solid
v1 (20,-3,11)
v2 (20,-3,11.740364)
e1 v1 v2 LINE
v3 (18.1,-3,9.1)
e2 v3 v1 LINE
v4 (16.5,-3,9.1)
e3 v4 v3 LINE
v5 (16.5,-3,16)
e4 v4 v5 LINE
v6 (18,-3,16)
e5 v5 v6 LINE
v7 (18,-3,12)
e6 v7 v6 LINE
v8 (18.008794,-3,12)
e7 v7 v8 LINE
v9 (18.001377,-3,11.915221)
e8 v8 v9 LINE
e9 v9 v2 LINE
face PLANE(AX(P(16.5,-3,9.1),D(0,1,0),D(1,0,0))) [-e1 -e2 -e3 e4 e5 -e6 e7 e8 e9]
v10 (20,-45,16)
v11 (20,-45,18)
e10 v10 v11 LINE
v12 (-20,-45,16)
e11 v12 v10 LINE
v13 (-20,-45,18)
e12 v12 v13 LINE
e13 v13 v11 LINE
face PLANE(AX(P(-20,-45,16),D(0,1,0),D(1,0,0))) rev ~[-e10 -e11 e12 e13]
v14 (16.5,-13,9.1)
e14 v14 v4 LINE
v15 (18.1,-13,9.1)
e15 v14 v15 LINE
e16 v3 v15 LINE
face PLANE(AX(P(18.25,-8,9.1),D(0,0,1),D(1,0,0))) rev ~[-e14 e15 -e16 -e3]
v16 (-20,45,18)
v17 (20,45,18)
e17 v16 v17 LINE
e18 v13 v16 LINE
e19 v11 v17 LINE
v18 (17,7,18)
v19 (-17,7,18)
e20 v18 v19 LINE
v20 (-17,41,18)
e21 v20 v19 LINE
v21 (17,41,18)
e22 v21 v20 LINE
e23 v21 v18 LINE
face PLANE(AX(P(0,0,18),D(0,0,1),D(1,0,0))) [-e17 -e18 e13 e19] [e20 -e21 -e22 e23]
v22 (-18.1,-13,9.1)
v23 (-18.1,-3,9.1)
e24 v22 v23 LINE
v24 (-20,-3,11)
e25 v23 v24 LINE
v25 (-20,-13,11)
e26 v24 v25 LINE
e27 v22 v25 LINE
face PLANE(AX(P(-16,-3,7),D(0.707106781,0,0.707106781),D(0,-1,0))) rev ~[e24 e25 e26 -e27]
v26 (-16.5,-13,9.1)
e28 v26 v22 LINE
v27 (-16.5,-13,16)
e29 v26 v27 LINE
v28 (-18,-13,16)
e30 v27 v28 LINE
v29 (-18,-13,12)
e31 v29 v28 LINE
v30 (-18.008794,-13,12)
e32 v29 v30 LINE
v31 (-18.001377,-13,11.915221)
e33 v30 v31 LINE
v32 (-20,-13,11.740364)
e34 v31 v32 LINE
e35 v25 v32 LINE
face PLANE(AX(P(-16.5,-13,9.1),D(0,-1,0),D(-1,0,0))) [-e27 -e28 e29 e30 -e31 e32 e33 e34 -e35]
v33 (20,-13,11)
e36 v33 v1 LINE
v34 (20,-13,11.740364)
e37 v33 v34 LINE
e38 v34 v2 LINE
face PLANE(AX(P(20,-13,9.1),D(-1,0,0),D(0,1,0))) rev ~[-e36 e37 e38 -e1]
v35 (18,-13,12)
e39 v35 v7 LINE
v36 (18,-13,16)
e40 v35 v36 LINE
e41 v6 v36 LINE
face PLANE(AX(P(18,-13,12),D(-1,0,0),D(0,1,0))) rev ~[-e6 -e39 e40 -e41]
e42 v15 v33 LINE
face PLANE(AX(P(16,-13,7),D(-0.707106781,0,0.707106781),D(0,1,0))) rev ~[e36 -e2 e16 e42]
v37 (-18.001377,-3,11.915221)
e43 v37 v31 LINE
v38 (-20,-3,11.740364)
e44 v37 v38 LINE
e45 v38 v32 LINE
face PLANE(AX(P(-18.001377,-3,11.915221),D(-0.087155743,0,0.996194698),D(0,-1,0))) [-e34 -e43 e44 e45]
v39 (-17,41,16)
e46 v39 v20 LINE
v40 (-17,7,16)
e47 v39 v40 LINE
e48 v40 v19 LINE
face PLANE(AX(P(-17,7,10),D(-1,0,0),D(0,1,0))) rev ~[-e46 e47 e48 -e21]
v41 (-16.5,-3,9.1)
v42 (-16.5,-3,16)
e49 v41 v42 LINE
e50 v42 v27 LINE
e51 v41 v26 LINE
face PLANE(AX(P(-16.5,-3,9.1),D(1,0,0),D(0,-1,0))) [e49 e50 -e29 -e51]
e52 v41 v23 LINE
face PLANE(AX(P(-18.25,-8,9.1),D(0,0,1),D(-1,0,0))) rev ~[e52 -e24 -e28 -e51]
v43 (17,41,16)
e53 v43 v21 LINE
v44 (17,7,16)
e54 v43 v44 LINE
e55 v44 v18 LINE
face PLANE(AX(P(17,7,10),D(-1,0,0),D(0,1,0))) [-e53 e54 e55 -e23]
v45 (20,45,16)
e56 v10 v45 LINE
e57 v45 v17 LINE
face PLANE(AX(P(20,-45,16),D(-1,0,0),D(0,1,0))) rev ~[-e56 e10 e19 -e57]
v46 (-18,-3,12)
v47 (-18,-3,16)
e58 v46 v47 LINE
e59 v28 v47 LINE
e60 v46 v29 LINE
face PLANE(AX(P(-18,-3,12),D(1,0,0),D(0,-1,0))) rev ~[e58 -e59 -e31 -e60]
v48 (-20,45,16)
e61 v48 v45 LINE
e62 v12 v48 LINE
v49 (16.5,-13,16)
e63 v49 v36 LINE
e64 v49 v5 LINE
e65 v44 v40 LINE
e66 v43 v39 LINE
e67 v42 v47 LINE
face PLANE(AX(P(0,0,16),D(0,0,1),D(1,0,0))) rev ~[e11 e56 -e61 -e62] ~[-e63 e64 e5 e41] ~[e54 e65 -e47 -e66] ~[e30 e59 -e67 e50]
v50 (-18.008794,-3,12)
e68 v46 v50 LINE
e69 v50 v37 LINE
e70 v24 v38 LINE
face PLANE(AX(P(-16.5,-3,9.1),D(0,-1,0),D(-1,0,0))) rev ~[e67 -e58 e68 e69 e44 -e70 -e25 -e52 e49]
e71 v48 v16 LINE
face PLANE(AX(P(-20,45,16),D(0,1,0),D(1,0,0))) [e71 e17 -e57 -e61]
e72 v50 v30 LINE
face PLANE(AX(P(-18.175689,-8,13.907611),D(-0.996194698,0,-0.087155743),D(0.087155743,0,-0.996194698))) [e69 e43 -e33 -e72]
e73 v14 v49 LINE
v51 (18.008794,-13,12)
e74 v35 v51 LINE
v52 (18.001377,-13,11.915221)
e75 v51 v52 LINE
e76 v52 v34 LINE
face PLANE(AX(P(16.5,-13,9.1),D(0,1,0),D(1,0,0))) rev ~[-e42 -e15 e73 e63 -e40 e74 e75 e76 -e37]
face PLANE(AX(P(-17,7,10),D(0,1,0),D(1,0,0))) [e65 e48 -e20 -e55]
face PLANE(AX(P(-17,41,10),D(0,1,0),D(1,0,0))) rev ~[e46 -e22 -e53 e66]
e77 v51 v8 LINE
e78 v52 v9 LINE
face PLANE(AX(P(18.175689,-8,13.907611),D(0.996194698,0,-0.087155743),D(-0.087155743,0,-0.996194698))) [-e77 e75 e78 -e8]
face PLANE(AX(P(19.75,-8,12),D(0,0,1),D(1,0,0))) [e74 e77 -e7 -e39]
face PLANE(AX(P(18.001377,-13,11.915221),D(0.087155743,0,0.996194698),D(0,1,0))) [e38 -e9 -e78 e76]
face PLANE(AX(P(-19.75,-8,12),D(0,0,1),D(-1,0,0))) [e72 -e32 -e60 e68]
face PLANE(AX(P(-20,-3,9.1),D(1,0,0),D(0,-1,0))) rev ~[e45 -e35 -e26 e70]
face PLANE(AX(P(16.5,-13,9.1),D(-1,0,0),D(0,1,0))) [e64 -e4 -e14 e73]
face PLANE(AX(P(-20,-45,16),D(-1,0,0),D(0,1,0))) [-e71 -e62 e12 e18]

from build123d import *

# Parameters (mm, degrees)
BOX010_W               = 4
BOX010_H               = 10
BOX010_DEPTH           = 7
BOX010_PLACEMENT_ANGLE = 95
BOX009_W               = 4
BOX009_H               = 10
BOX009_DEPTH           = 7
BOX009_PLACEMENT_ANGLE = 45
BOX011_W               = 3.5
BOX011_H               = 10
BOX011_DEPTH           = 6.9
BOX008_W               = 3.5
BOX008_H               = 10
BOX008_DEPTH           = 6.9
CUT007_PLACEMENT_ANGLE = 180
BOX006_W               = 4
BOX006_H               = 10
BOX006_DEPTH           = 7
BOX006_PLACEMENT_ANGLE = 95
BOX005_W               = 4
BOX005_H               = 10
BOX005_DEPTH           = 7
BOX005_PLACEMENT_ANGLE = 45
BOX007_W               = 3.5
BOX007_H               = 10
BOX007_DEPTH           = 6.9
BOX004_W               = 3.5
BOX004_H               = 10
BOX004_DEPTH           = 6.9
BOX003_W               = 34
BOX003_H               = 34
BOX003_DEPTH           = 10
SKETCH002_W            = 40
SKETCH002_H            = 90
PAD001_DEPTH           = 2


with BuildPart() as cube010:
    # Box010 → Box010 (new body)
    with BuildSketch(Plane.XY):
        with Locations((2, 5)):
            Rectangle(BOX010_W, BOX010_H)
    extrude(amount=BOX010_DEPTH)


with BuildPart() as cube010_1:
    # Box010 placement: moved
    add(cube010.part.moved(Location((18.35, -13, 15.9))).rotate(Axis((18.35, -13, 15.9), (0, 1, 0)), BOX010_PLACEMENT_ANGLE))


with BuildPart() as fusion003:
    # Box009 → Box009 (new body)
    with BuildSketch(Plane.XY):
        with Locations((2, 5)):
            Rectangle(BOX009_W, BOX009_H)
    extrude(amount=BOX009_DEPTH)


with BuildPart() as fusion003_1:
    # Box009 placement: moved
    add(fusion003.part.moved(Location((16, -13, 7))).rotate(Axis((16, -13, 7), (0, 1, 0)), BOX009_PLACEMENT_ANGLE))

    # Fusion003: union Cube010
    add(cube010_1.part)


with BuildPart() as fusion004:
    # Box011 → Box011 (new body)
    with BuildSketch(Plane(origin=(18, -13, 12), x_dir=(1, 0, 0), z_dir=(0, 0, 1))):
        with Locations((1.75, 5)):
            Rectangle(BOX011_W, BOX011_H)
    extrude(amount=BOX011_DEPTH)

    # Fusion004: union Fusion003
    add(fusion003_1.part)


with BuildPart() as bal_karom:
    # Box008 → Box008 (new body)
    with BuildSketch(Plane(origin=(16.5, -13, 9.1), x_dir=(1, 0, 0), z_dir=(0, 0, 1))):
        with Locations((1.75, 5)):
            Rectangle(BOX008_W, BOX008_H)
    extrude(amount=BOX008_DEPTH)

    # Cut007: cut Fusion004
    add(fusion004.part, mode=Mode.SUBTRACT)


with BuildPart() as bal_karom_1:
    # Cut007 placement: moved
    add(bal_karom.part.moved(Location((0, -16, 0))).rotate(Axis((0, -16, 0), (0, 0, 1)), CUT007_PLACEMENT_ANGLE))


with BuildPart() as cube006:
    # Box006 → Box006 (new body)
    with BuildSketch(Plane.XY):
        with Locations((2, 5)):
            Rectangle(BOX006_W, BOX006_H)
    extrude(amount=BOX006_DEPTH)


with BuildPart() as cube006_1:
    # Box006 placement: moved
    add(cube006.part.moved(Location((18.35, -13, 15.9))).rotate(Axis((18.35, -13, 15.9), (0, 1, 0)), BOX006_PLACEMENT_ANGLE))


with BuildPart() as fusion001:
    # Box005 → Box005 (new body)
    with BuildSketch(Plane.XY):
        with Locations((2, 5)):
            Rectangle(BOX005_W, BOX005_H)
    extrude(amount=BOX005_DEPTH)


with BuildPart() as fusion001_1:
    # Box005 placement: moved
    add(fusion001.part.moved(Location((16, -13, 7))).rotate(Axis((16, -13, 7), (0, 1, 0)), BOX005_PLACEMENT_ANGLE))

    # Fusion001: union Cube006
    add(cube006_1.part)


with BuildPart() as fusion002:
    # Box007 → Box007 (new body)
    with BuildSketch(Plane(origin=(18, -13, 12), x_dir=(1, 0, 0), z_dir=(0, 0, 1))):
        with Locations((1.75, 5)):
            Rectangle(BOX007_W, BOX007_H)
    extrude(amount=BOX007_DEPTH)

    # Fusion002: union Fusion001
    add(fusion001_1.part)


with BuildPart() as karmok:
    # Box004 → Box004 (new body)
    with BuildSketch(Plane(origin=(16.5, -13, 9.1), x_dir=(1, 0, 0), z_dir=(0, 0, 1))):
        with Locations((1.75, 5)):
            Rectangle(BOX004_W, BOX004_H)
    extrude(amount=BOX004_DEPTH)

    # Cut006: cut Fusion002
    add(fusion002.part, mode=Mode.SUBTRACT)

    # Fusion005: union Bal karom
    add(bal_karom_1.part)


with BuildPart() as cube003:
    # Box003 → Box003 (new body)
    with BuildSketch(Plane(origin=(-17, 7, 10), x_dir=(1, 0, 0), z_dir=(0, 0, 1))):
        with Locations((17, 17)):
            Rectangle(BOX003_W, BOX003_H)
    extrude(amount=BOX003_DEPTH)


with BuildPart() as felso:
    # Sketch002 → Pad001 (new body)
    with BuildSketch(Plane.XY.offset(16)):
        Rectangle(SKETCH002_W, SKETCH002_H)
    extrude(amount=PAD001_DEPTH)

    # Cut005: cut Cube003
    add(cube003.part, mode=Mode.SUBTRACT)

    # Fusion006: union Karmok
    add(karmok.part)


solid = felso.part
